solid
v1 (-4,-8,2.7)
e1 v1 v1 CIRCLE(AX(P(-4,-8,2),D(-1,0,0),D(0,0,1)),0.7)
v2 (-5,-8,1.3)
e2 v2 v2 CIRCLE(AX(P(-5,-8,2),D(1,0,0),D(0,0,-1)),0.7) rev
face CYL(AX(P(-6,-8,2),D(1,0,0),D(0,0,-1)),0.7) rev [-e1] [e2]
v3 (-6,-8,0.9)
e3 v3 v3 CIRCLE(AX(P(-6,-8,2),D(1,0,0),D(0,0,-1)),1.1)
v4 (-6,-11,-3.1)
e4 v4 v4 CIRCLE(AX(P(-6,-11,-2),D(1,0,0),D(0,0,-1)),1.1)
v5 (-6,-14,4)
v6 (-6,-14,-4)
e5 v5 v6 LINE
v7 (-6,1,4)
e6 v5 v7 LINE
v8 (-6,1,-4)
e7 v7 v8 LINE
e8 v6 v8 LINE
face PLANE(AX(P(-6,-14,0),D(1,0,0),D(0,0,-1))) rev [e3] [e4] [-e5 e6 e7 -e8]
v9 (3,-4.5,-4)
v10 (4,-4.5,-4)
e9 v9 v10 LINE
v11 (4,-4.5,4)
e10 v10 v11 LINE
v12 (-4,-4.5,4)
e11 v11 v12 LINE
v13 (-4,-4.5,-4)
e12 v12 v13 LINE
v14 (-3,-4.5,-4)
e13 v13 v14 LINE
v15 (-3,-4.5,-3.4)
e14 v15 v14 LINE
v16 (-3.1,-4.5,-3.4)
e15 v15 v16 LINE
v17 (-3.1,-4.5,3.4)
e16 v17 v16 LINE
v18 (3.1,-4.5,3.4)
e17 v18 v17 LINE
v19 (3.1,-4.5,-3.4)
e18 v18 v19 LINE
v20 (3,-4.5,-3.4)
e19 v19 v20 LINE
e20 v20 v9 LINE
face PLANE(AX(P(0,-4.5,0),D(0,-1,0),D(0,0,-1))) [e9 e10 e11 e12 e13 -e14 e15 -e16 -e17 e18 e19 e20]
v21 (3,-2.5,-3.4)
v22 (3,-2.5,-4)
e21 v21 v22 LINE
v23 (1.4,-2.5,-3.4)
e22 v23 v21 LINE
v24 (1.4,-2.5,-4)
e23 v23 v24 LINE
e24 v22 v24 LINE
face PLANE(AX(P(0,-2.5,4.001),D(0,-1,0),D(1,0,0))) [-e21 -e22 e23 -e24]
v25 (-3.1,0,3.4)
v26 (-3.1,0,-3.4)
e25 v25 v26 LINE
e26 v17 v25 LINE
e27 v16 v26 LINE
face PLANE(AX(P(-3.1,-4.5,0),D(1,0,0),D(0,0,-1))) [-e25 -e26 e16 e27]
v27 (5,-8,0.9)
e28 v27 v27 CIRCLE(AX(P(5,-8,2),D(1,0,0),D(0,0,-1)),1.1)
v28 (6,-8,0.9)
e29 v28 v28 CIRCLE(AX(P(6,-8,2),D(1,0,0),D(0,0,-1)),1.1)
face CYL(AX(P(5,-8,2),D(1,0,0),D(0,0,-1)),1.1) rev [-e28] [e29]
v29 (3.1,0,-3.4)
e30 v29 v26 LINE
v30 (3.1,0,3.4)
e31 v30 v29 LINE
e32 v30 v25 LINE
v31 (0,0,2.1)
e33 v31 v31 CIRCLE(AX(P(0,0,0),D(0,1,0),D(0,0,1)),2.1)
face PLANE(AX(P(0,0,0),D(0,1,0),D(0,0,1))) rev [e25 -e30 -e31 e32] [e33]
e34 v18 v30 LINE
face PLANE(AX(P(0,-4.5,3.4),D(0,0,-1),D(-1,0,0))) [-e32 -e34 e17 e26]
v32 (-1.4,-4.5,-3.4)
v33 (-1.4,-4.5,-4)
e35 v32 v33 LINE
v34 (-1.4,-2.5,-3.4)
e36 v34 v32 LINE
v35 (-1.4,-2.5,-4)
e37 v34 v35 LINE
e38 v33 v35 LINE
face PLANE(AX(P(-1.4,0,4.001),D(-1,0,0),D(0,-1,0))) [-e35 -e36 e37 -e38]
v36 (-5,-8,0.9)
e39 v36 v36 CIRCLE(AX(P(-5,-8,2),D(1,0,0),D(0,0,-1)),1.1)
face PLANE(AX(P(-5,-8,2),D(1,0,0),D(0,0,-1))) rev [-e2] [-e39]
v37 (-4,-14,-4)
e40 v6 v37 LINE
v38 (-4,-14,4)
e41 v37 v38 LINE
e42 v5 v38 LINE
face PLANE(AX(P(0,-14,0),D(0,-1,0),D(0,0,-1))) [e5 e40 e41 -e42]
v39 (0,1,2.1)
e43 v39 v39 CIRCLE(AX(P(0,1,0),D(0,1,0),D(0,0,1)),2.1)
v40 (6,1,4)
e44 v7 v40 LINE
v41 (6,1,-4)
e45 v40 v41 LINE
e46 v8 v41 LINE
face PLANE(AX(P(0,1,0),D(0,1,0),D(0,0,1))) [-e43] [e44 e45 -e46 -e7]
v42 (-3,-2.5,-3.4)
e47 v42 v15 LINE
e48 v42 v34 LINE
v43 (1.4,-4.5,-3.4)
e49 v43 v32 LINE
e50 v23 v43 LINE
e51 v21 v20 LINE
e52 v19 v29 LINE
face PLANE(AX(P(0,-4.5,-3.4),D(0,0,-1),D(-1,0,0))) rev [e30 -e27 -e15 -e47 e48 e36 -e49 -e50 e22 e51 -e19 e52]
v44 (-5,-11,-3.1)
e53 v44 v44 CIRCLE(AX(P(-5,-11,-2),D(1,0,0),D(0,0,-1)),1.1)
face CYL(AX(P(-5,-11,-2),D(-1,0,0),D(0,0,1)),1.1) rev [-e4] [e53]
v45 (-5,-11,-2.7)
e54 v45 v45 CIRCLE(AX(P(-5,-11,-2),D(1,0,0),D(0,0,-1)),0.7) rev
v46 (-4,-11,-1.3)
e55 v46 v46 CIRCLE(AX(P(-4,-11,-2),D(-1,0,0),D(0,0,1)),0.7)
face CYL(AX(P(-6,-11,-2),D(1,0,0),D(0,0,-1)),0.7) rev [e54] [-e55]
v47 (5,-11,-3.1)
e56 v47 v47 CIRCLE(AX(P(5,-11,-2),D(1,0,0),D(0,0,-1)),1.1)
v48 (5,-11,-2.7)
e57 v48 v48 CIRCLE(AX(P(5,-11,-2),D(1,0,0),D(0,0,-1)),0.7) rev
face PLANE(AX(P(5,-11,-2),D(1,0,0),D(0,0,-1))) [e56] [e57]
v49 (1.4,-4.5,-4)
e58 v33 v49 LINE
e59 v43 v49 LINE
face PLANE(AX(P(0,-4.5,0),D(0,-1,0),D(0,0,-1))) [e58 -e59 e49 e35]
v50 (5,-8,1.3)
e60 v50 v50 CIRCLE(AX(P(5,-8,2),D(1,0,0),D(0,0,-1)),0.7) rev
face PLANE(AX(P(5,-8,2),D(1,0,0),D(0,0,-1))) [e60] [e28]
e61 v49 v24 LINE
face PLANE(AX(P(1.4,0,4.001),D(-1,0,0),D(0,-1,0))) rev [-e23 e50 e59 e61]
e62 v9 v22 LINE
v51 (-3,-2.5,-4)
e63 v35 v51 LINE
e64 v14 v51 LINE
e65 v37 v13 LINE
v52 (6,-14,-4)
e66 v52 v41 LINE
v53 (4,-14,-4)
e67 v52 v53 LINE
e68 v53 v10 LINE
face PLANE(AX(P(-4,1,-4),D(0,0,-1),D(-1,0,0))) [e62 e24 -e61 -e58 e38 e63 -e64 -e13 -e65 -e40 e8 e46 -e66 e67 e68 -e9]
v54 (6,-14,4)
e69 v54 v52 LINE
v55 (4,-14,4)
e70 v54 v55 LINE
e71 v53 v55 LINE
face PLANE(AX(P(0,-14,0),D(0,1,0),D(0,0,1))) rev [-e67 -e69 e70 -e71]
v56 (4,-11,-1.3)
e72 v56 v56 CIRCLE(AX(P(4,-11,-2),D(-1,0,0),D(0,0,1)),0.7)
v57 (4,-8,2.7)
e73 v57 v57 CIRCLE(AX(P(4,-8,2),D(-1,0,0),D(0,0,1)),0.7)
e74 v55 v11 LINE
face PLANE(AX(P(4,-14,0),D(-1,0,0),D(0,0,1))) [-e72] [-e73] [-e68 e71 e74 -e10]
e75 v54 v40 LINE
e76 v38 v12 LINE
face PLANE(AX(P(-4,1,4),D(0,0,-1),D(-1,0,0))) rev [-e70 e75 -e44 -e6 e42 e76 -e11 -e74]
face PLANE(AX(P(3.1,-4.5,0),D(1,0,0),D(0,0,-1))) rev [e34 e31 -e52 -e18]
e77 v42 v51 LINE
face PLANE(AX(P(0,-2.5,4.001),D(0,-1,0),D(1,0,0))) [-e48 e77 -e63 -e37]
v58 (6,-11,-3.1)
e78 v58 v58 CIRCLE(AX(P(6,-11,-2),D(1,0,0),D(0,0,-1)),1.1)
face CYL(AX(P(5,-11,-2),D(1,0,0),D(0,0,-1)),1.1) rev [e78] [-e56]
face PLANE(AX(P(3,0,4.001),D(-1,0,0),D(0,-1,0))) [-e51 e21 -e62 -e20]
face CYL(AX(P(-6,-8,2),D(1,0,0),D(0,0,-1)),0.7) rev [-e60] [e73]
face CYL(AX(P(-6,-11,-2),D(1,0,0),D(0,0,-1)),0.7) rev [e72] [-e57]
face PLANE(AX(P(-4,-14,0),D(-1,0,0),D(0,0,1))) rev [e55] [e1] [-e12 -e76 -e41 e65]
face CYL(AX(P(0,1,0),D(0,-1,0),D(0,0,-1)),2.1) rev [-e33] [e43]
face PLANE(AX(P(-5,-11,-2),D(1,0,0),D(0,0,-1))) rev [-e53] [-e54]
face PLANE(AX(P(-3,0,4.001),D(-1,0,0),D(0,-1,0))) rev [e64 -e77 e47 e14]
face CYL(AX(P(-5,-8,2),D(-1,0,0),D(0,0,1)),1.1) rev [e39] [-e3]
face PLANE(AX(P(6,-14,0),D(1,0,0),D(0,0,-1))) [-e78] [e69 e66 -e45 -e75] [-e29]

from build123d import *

# Parameters (mm, degrees)
SKETCH_1_W          = 8
SKETCH_1_H          = 8
SKETCH_1_R          = 2.1
EXTRUDE_1_DEPTH     = 1
EXTRUDE_START       = 1
SKETCH_1_6_W        = 2
SKETCH_1_6_H        = 8
EXTRUDE_2_DEPTH     = 15
EXTRUDE_2_2_DEPTH   = 15
SKETCH_2_W          = 0.9
SKETCH_2_H          = 0.6
SKETCH_2_W_2        = 6.2
SKETCH_2_H_2        = 6.8
EXTRUDE_3_DEPTH     = 4.5
CUT_EXTRUDE_1_REACH = 19.205
SKETCH_3_W          = 1.6
SKETCH_3_H          = 2
SKETCH_4_R          = 0.7
CUT_EXTRUDE_2_DEPTH = 19.867962264
SKETCH_4_3_R        = 1.1
CUT_EXTRUDE_3_DEPTH = 1
CUT_EXTRUDE_START   = -11
SKETCH_4_4_R        = 1.1
CUT_EXTRUDE_4_DEPTH = 1


with BuildPart() as part:
    # 草图1 → 凸台-拉伸1 (new body)
    with BuildSketch(Plane(origin=(0, 0, 0), x_dir=(1, 0, 0), z_dir=(0, 1, 0))):
        Rectangle(SKETCH_1_W, SKETCH_1_H)
        with Locations(Location((0, 0, 0), (0, 0, 270))):
            Circle(SKETCH_1_R, mode=Mode.SUBTRACT)
    extrude(amount=EXTRUDE_1_DEPTH)



with BuildPart() as body_2:
    # 草图1<6> → 凸台-拉伸2 (new body)
    with BuildSketch(Plane(origin=(0, 0, 0), x_dir=(1, 0, 0), z_dir=(0, 1, 0)).offset(EXTRUDE_START)):
        with Locations((-5, 0)):
            Rectangle(SKETCH_1_6_W, SKETCH_1_6_H)
    extrude(amount=-EXTRUDE_2_DEPTH)


with BuildPart() as body_3:
    # 草图1<6> → Extrude 2 2 (new body)
    with BuildSketch(Plane(origin=(0, 0, 0), x_dir=(1, 0, 0), z_dir=(0, 1, 0)).offset(EXTRUDE_START)):
        with Locations((5, 0)):
            Rectangle(SKETCH_1_6_W, SKETCH_1_6_H)
    extrude(amount=-EXTRUDE_2_2_DEPTH)


with BuildPart() as part_1:
    add(part.part)

    add(body_2.part)  # 凸台-拉伸3 merges body 2

    add(body_3.part)  # 凸台-拉伸3 merges body 3
    # 草图2 → 凸台-拉伸3 (add)
    with BuildSketch(Plane.XZ):
        with Locations((-3.55, 3.7)):
            Rectangle(SKETCH_2_W, SKETCH_2_H)
        with Locations((0, 3.7)):
            Rectangle(SKETCH_2_W_2, SKETCH_2_H)
        with Locations((3.55, 3.7)):
            Rectangle(SKETCH_2_W, SKETCH_2_H)
        with Locations((3.55, 0)):
            Rectangle(SKETCH_2_W, SKETCH_2_H_2)
        with Locations((3.55, -3.7)):
            Rectangle(SKETCH_2_W, SKETCH_2_H)
        with Locations((0, -3.7)):
            Rectangle(SKETCH_2_W_2, SKETCH_2_H)
        with Locations((-3.55, -3.7)):
            Rectangle(SKETCH_2_W, SKETCH_2_H)
        with Locations((-3.55, 0)):
            Rectangle(SKETCH_2_W, SKETCH_2_H_2)
    extrude(amount=EXTRUDE_3_DEPTH)

    # 草图3 → 切除-拉伸1 (cut, up to next)
    with BuildSketch(Plane(origin=(0, 0, -4), x_dir=(-1, 0, 0), z_dir=(0, 0, -1)), mode=Mode.PRIVATE) as cut_extrude_1_sk1:
        with Locations((-2.2, -3.5)):
            Rectangle(SKETCH_3_W, SKETCH_3_H)
    cut_extrude_1_tool1 = extrude(cut_extrude_1_sk1.sketch, amount=-CUT_EXTRUDE_1_REACH, mode=Mode.PRIVATE) & part_1.part
    # 草图3 → 切除-拉伸1 (cut, up to next)
    with BuildSketch(Plane(origin=(0, 0, -4), x_dir=(-1, 0, 0), z_dir=(0, 0, -1)), mode=Mode.PRIVATE) as cut_extrude_1_sk2:
        with Locations((2.2, -3.5)):
            Rectangle(SKETCH_3_W, SKETCH_3_H)
    cut_extrude_1_tool2 = extrude(cut_extrude_1_sk2.sketch, amount=-CUT_EXTRUDE_1_REACH, mode=Mode.PRIVATE) & part_1.part
    add(cut_extrude_1_tool1.solids().sort_by_distance((2.2, -3.5, -4))[0], mode=Mode.SUBTRACT)
    add(cut_extrude_1_tool2.solids().sort_by_distance((-2.2, -3.5, -4))[0], mode=Mode.SUBTRACT)

    # 草图4 → 切除-拉伸2 (cut, through all)
    with BuildSketch(Plane(origin=(6, 0, 0), x_dir=(0, 0, -1), z_dir=(1, 0, 0))):
        with Locations((-2, -8)):
            Circle(SKETCH_4_R)
        with Locations((2, -11)):
            Circle(SKETCH_4_R)
    extrude(amount=-CUT_EXTRUDE_2_DEPTH, mode=Mode.SUBTRACT)

    # 草图4<3> → 切除-拉伸3 (cut)
    with BuildSketch(Plane(origin=(6, 0, 0), x_dir=(0, 0, -1), z_dir=(1, 0, 0))):
        with Locations((-2, -8)):
            Circle(SKETCH_4_3_R)
        with Locations((2, -11)):
            Circle(SKETCH_4_3_R)
    extrude(amount=-CUT_EXTRUDE_3_DEPTH, mode=Mode.SUBTRACT)

    # 草图4<4> → 切除-拉伸4 (cut)
    with BuildSketch(Plane(origin=(6, 0, 0), x_dir=(0, 0, -1), z_dir=(1, 0, 0)).offset(CUT_EXTRUDE_START)):
        with Locations((-2, -8)):
            Circle(SKETCH_4_4_R)
        with Locations((2, -11)):
            Circle(SKETCH_4_4_R)
    extrude(amount=-CUT_EXTRUDE_4_DEPTH, mode=Mode.SUBTRACT)


solid = part_1.part
